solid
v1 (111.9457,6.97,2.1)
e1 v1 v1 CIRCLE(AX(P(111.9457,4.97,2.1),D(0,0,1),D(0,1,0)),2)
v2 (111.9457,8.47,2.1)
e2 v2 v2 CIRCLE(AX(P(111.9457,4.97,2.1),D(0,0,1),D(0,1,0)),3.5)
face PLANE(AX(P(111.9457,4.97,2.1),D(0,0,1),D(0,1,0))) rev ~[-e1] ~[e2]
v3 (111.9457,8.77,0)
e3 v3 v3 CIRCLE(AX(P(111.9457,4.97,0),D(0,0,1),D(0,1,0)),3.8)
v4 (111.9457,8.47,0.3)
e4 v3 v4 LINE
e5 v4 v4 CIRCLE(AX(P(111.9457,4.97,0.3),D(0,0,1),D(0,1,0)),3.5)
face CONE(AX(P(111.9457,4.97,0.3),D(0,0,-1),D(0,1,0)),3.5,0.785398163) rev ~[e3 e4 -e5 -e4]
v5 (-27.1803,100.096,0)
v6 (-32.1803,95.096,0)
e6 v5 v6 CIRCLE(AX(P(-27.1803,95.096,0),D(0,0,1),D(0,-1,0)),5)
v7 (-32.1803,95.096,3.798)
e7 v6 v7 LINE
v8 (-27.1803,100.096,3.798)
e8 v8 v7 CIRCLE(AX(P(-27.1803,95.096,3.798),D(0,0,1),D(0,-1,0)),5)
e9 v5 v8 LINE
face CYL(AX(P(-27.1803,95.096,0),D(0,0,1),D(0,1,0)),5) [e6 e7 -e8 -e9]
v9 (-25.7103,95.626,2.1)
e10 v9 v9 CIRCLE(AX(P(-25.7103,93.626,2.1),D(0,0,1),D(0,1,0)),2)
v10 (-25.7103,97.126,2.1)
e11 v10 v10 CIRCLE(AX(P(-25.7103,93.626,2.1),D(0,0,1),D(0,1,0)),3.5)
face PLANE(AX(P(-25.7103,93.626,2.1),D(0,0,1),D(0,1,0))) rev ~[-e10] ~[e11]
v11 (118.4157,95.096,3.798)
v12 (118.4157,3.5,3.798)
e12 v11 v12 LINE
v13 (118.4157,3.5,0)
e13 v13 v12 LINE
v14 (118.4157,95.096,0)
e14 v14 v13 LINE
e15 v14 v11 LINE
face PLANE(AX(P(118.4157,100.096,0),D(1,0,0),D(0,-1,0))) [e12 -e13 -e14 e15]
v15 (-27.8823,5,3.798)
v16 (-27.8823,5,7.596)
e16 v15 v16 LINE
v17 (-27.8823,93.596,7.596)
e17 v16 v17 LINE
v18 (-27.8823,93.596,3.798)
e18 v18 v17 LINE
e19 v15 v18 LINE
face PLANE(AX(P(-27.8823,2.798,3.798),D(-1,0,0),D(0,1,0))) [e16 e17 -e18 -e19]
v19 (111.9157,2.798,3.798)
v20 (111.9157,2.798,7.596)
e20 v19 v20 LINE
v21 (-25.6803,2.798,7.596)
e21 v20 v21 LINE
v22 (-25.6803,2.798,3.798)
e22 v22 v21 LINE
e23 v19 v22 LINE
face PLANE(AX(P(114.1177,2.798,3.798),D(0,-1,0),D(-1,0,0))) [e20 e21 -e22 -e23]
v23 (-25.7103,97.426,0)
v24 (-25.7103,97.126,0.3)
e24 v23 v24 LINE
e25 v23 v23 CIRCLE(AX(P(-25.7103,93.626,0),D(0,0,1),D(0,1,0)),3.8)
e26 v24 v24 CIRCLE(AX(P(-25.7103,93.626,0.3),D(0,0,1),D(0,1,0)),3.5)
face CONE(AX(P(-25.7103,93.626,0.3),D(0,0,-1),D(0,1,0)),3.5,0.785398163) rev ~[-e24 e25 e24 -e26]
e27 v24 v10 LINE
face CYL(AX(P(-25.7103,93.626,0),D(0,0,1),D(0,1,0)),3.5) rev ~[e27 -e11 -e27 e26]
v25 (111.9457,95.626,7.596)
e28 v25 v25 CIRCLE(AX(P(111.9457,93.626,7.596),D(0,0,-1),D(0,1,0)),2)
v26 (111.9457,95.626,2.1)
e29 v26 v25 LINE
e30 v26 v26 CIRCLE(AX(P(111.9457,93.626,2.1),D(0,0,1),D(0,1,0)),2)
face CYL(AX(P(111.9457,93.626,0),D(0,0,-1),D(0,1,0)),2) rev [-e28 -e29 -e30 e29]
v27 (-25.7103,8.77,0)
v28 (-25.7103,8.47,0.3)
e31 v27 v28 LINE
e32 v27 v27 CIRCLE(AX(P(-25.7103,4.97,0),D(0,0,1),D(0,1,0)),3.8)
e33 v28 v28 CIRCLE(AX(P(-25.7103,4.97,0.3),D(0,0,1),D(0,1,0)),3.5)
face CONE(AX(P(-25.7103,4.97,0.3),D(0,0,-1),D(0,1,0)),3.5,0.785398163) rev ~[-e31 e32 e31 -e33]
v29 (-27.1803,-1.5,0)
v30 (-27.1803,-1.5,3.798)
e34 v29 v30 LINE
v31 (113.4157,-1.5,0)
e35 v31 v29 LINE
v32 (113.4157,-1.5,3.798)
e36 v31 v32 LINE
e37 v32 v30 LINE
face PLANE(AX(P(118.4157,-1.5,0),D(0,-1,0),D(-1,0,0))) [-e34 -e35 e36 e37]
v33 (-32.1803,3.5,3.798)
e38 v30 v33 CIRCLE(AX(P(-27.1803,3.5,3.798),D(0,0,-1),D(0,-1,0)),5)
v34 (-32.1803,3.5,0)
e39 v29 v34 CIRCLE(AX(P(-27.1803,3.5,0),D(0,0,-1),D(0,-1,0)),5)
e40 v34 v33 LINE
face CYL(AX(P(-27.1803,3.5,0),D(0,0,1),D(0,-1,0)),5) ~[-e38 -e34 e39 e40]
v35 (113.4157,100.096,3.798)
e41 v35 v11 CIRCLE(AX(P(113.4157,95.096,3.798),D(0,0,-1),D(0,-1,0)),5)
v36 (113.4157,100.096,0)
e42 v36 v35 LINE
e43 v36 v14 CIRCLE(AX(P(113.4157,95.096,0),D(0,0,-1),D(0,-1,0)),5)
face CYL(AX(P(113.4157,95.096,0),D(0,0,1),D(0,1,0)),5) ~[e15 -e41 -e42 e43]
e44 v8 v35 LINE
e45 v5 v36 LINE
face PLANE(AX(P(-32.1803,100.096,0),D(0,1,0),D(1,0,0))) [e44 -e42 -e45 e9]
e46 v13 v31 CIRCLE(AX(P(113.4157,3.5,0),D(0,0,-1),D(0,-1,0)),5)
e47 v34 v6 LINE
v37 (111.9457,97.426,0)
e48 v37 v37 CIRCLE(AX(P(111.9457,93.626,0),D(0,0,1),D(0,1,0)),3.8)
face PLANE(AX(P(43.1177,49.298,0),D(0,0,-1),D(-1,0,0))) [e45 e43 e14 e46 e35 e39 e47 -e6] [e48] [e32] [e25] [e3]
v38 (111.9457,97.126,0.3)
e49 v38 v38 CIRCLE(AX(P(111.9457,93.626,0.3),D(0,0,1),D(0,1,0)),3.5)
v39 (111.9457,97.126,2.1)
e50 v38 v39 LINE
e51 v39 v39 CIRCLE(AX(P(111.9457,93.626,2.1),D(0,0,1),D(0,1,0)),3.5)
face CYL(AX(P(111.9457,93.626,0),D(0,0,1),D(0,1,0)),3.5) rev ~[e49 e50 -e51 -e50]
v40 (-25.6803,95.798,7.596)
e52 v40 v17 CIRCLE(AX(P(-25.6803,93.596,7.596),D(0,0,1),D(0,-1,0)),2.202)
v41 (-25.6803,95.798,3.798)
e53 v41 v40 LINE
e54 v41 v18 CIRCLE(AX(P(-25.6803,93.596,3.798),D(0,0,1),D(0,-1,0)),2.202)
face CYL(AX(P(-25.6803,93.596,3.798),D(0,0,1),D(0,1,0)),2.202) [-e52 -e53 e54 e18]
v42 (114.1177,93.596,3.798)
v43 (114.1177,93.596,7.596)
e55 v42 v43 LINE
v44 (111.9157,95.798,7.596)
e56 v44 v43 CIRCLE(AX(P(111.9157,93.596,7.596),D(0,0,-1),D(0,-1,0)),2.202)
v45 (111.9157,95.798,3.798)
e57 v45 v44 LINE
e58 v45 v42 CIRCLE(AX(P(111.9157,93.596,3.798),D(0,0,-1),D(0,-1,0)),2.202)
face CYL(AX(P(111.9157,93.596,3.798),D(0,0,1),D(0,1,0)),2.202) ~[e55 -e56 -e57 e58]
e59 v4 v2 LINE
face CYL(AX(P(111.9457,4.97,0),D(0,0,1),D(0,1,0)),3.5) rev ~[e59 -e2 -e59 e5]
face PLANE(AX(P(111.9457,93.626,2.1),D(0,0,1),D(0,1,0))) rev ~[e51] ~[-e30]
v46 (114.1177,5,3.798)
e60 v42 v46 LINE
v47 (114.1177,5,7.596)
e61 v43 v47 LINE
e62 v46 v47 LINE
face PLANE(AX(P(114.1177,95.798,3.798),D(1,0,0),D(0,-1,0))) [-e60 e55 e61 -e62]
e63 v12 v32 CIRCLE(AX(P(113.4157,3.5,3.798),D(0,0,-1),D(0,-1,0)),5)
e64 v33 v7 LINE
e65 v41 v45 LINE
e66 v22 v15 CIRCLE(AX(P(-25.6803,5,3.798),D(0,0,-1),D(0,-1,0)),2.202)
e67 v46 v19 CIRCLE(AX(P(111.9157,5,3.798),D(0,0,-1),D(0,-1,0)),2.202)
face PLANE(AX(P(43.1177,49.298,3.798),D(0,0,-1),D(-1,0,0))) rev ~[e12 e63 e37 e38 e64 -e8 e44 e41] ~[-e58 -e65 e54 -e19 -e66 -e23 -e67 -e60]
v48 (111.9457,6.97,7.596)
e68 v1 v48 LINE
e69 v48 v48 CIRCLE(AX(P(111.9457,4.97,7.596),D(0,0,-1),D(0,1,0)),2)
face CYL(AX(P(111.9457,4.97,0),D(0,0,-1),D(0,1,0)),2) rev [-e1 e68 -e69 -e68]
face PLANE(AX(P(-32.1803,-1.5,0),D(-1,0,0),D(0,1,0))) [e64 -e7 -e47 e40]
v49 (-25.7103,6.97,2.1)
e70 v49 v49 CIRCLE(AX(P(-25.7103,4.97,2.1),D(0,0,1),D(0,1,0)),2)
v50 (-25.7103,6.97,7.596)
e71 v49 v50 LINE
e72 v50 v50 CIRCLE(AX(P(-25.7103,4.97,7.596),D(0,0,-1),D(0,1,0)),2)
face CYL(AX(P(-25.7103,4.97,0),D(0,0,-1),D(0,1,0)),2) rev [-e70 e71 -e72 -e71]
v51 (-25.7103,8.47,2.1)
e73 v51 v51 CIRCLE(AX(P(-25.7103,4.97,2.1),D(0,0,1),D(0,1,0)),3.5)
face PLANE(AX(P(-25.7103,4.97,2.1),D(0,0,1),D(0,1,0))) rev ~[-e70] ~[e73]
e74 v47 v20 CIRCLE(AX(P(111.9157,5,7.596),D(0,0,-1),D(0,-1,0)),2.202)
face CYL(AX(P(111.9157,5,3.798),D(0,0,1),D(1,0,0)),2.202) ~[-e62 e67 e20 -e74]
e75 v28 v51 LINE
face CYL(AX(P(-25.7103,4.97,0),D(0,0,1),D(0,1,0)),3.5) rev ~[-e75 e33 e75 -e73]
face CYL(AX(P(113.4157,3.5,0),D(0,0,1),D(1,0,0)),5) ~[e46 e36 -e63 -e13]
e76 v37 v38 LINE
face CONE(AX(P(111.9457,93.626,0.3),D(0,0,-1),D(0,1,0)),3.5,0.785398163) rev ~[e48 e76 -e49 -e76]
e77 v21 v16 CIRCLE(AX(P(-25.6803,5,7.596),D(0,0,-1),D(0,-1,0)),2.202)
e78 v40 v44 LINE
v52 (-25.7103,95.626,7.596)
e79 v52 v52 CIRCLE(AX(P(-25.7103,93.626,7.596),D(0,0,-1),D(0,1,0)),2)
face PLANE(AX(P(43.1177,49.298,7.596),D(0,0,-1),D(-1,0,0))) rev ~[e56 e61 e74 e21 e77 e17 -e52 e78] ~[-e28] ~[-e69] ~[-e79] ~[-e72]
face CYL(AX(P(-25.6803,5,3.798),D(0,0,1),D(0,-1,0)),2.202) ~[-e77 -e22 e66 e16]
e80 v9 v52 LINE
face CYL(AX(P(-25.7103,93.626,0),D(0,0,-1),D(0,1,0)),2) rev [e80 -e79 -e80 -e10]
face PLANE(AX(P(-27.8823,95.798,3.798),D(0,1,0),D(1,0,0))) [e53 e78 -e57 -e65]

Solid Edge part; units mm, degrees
sketch "Sketch1" plane through (0, 0, 0) normal (0, 0, 1) x (1, 0, 0)
  line L0 (-32.1803, 100.096) -> (118.4157, 100.096)
  line L1 (118.4157, 100.096) -> (118.4157, -1.5)
  line L2 (118.4157, -1.5) -> (-32.1803, -1.5)
  line L3 (-32.1803, -1.5) -> (-32.1803, 100.096)
  dimension "D1" = 101.596
  dimension "D2" = 150.596
extrude "Basiskörper" add sketch "Sketch1" along normal blind 3.798
fillet "Round1" radius 5 4 edges at (118.4157, 100.096, 1.899) (118.4157, -1.5, 1.899) (-32.1803, -1.5, 1.899) (-32.1803, 100.096, 1.899)
sketch "Sketch2" plane through (11.6177, 37.298, 3.798) normal (0, 0, 1) x (1, 0, 0)
  line L0 (-39.5, 58.5) -> (102.5, 58.5)
  line L1 (102.5, 58.5) -> (102.5, -34.5)
  line L2 (102.5, -34.5) -> (-39.5, -34.5)
  line L3 (-39.5, -34.5) -> (-39.5, 58.5)
  dimension "D1" = 142
  dimension "D2" = 93
extrude "Protrusion1" add sketch "Sketch2" along normal blind 3.798
fillet "Round2" radius 2.202 4 edges at (-27.8823, 95.798, 5.697) (-27.8823, 2.798, 5.697) (114.1177, 2.798, 5.697) (114.1177, 95.798, 5.697)
hole "Hole1" at (111.9457, 4.97, 0) direction (0, 0, 1) diameter 4 end through all counterbore diameter 7 counterbore depth 2.1 start chamfer 0.3 start chamfer angle 45
hole "Hole2" at (111.9457, 93.626, 0) direction (0, 0, 1) diameter 4 end through all counterbore diameter 7 counterbore depth 2.1 start chamfer 0.3 start chamfer angle 45
hole "Hole3" at (-25.7103, 93.626, 0) direction (0, 0, 1) diameter 4 end through all counterbore diameter 7 counterbore depth 2.1 start chamfer 0.3 start chamfer angle 45
hole "Hole4" at (-25.7103, 4.97, 0) direction (0, 0, 1) diameter 4 end through all counterbore diameter 7 counterbore depth 2.1 start chamfer 0.3 start chamfer angle 45
properties material "ASA"
